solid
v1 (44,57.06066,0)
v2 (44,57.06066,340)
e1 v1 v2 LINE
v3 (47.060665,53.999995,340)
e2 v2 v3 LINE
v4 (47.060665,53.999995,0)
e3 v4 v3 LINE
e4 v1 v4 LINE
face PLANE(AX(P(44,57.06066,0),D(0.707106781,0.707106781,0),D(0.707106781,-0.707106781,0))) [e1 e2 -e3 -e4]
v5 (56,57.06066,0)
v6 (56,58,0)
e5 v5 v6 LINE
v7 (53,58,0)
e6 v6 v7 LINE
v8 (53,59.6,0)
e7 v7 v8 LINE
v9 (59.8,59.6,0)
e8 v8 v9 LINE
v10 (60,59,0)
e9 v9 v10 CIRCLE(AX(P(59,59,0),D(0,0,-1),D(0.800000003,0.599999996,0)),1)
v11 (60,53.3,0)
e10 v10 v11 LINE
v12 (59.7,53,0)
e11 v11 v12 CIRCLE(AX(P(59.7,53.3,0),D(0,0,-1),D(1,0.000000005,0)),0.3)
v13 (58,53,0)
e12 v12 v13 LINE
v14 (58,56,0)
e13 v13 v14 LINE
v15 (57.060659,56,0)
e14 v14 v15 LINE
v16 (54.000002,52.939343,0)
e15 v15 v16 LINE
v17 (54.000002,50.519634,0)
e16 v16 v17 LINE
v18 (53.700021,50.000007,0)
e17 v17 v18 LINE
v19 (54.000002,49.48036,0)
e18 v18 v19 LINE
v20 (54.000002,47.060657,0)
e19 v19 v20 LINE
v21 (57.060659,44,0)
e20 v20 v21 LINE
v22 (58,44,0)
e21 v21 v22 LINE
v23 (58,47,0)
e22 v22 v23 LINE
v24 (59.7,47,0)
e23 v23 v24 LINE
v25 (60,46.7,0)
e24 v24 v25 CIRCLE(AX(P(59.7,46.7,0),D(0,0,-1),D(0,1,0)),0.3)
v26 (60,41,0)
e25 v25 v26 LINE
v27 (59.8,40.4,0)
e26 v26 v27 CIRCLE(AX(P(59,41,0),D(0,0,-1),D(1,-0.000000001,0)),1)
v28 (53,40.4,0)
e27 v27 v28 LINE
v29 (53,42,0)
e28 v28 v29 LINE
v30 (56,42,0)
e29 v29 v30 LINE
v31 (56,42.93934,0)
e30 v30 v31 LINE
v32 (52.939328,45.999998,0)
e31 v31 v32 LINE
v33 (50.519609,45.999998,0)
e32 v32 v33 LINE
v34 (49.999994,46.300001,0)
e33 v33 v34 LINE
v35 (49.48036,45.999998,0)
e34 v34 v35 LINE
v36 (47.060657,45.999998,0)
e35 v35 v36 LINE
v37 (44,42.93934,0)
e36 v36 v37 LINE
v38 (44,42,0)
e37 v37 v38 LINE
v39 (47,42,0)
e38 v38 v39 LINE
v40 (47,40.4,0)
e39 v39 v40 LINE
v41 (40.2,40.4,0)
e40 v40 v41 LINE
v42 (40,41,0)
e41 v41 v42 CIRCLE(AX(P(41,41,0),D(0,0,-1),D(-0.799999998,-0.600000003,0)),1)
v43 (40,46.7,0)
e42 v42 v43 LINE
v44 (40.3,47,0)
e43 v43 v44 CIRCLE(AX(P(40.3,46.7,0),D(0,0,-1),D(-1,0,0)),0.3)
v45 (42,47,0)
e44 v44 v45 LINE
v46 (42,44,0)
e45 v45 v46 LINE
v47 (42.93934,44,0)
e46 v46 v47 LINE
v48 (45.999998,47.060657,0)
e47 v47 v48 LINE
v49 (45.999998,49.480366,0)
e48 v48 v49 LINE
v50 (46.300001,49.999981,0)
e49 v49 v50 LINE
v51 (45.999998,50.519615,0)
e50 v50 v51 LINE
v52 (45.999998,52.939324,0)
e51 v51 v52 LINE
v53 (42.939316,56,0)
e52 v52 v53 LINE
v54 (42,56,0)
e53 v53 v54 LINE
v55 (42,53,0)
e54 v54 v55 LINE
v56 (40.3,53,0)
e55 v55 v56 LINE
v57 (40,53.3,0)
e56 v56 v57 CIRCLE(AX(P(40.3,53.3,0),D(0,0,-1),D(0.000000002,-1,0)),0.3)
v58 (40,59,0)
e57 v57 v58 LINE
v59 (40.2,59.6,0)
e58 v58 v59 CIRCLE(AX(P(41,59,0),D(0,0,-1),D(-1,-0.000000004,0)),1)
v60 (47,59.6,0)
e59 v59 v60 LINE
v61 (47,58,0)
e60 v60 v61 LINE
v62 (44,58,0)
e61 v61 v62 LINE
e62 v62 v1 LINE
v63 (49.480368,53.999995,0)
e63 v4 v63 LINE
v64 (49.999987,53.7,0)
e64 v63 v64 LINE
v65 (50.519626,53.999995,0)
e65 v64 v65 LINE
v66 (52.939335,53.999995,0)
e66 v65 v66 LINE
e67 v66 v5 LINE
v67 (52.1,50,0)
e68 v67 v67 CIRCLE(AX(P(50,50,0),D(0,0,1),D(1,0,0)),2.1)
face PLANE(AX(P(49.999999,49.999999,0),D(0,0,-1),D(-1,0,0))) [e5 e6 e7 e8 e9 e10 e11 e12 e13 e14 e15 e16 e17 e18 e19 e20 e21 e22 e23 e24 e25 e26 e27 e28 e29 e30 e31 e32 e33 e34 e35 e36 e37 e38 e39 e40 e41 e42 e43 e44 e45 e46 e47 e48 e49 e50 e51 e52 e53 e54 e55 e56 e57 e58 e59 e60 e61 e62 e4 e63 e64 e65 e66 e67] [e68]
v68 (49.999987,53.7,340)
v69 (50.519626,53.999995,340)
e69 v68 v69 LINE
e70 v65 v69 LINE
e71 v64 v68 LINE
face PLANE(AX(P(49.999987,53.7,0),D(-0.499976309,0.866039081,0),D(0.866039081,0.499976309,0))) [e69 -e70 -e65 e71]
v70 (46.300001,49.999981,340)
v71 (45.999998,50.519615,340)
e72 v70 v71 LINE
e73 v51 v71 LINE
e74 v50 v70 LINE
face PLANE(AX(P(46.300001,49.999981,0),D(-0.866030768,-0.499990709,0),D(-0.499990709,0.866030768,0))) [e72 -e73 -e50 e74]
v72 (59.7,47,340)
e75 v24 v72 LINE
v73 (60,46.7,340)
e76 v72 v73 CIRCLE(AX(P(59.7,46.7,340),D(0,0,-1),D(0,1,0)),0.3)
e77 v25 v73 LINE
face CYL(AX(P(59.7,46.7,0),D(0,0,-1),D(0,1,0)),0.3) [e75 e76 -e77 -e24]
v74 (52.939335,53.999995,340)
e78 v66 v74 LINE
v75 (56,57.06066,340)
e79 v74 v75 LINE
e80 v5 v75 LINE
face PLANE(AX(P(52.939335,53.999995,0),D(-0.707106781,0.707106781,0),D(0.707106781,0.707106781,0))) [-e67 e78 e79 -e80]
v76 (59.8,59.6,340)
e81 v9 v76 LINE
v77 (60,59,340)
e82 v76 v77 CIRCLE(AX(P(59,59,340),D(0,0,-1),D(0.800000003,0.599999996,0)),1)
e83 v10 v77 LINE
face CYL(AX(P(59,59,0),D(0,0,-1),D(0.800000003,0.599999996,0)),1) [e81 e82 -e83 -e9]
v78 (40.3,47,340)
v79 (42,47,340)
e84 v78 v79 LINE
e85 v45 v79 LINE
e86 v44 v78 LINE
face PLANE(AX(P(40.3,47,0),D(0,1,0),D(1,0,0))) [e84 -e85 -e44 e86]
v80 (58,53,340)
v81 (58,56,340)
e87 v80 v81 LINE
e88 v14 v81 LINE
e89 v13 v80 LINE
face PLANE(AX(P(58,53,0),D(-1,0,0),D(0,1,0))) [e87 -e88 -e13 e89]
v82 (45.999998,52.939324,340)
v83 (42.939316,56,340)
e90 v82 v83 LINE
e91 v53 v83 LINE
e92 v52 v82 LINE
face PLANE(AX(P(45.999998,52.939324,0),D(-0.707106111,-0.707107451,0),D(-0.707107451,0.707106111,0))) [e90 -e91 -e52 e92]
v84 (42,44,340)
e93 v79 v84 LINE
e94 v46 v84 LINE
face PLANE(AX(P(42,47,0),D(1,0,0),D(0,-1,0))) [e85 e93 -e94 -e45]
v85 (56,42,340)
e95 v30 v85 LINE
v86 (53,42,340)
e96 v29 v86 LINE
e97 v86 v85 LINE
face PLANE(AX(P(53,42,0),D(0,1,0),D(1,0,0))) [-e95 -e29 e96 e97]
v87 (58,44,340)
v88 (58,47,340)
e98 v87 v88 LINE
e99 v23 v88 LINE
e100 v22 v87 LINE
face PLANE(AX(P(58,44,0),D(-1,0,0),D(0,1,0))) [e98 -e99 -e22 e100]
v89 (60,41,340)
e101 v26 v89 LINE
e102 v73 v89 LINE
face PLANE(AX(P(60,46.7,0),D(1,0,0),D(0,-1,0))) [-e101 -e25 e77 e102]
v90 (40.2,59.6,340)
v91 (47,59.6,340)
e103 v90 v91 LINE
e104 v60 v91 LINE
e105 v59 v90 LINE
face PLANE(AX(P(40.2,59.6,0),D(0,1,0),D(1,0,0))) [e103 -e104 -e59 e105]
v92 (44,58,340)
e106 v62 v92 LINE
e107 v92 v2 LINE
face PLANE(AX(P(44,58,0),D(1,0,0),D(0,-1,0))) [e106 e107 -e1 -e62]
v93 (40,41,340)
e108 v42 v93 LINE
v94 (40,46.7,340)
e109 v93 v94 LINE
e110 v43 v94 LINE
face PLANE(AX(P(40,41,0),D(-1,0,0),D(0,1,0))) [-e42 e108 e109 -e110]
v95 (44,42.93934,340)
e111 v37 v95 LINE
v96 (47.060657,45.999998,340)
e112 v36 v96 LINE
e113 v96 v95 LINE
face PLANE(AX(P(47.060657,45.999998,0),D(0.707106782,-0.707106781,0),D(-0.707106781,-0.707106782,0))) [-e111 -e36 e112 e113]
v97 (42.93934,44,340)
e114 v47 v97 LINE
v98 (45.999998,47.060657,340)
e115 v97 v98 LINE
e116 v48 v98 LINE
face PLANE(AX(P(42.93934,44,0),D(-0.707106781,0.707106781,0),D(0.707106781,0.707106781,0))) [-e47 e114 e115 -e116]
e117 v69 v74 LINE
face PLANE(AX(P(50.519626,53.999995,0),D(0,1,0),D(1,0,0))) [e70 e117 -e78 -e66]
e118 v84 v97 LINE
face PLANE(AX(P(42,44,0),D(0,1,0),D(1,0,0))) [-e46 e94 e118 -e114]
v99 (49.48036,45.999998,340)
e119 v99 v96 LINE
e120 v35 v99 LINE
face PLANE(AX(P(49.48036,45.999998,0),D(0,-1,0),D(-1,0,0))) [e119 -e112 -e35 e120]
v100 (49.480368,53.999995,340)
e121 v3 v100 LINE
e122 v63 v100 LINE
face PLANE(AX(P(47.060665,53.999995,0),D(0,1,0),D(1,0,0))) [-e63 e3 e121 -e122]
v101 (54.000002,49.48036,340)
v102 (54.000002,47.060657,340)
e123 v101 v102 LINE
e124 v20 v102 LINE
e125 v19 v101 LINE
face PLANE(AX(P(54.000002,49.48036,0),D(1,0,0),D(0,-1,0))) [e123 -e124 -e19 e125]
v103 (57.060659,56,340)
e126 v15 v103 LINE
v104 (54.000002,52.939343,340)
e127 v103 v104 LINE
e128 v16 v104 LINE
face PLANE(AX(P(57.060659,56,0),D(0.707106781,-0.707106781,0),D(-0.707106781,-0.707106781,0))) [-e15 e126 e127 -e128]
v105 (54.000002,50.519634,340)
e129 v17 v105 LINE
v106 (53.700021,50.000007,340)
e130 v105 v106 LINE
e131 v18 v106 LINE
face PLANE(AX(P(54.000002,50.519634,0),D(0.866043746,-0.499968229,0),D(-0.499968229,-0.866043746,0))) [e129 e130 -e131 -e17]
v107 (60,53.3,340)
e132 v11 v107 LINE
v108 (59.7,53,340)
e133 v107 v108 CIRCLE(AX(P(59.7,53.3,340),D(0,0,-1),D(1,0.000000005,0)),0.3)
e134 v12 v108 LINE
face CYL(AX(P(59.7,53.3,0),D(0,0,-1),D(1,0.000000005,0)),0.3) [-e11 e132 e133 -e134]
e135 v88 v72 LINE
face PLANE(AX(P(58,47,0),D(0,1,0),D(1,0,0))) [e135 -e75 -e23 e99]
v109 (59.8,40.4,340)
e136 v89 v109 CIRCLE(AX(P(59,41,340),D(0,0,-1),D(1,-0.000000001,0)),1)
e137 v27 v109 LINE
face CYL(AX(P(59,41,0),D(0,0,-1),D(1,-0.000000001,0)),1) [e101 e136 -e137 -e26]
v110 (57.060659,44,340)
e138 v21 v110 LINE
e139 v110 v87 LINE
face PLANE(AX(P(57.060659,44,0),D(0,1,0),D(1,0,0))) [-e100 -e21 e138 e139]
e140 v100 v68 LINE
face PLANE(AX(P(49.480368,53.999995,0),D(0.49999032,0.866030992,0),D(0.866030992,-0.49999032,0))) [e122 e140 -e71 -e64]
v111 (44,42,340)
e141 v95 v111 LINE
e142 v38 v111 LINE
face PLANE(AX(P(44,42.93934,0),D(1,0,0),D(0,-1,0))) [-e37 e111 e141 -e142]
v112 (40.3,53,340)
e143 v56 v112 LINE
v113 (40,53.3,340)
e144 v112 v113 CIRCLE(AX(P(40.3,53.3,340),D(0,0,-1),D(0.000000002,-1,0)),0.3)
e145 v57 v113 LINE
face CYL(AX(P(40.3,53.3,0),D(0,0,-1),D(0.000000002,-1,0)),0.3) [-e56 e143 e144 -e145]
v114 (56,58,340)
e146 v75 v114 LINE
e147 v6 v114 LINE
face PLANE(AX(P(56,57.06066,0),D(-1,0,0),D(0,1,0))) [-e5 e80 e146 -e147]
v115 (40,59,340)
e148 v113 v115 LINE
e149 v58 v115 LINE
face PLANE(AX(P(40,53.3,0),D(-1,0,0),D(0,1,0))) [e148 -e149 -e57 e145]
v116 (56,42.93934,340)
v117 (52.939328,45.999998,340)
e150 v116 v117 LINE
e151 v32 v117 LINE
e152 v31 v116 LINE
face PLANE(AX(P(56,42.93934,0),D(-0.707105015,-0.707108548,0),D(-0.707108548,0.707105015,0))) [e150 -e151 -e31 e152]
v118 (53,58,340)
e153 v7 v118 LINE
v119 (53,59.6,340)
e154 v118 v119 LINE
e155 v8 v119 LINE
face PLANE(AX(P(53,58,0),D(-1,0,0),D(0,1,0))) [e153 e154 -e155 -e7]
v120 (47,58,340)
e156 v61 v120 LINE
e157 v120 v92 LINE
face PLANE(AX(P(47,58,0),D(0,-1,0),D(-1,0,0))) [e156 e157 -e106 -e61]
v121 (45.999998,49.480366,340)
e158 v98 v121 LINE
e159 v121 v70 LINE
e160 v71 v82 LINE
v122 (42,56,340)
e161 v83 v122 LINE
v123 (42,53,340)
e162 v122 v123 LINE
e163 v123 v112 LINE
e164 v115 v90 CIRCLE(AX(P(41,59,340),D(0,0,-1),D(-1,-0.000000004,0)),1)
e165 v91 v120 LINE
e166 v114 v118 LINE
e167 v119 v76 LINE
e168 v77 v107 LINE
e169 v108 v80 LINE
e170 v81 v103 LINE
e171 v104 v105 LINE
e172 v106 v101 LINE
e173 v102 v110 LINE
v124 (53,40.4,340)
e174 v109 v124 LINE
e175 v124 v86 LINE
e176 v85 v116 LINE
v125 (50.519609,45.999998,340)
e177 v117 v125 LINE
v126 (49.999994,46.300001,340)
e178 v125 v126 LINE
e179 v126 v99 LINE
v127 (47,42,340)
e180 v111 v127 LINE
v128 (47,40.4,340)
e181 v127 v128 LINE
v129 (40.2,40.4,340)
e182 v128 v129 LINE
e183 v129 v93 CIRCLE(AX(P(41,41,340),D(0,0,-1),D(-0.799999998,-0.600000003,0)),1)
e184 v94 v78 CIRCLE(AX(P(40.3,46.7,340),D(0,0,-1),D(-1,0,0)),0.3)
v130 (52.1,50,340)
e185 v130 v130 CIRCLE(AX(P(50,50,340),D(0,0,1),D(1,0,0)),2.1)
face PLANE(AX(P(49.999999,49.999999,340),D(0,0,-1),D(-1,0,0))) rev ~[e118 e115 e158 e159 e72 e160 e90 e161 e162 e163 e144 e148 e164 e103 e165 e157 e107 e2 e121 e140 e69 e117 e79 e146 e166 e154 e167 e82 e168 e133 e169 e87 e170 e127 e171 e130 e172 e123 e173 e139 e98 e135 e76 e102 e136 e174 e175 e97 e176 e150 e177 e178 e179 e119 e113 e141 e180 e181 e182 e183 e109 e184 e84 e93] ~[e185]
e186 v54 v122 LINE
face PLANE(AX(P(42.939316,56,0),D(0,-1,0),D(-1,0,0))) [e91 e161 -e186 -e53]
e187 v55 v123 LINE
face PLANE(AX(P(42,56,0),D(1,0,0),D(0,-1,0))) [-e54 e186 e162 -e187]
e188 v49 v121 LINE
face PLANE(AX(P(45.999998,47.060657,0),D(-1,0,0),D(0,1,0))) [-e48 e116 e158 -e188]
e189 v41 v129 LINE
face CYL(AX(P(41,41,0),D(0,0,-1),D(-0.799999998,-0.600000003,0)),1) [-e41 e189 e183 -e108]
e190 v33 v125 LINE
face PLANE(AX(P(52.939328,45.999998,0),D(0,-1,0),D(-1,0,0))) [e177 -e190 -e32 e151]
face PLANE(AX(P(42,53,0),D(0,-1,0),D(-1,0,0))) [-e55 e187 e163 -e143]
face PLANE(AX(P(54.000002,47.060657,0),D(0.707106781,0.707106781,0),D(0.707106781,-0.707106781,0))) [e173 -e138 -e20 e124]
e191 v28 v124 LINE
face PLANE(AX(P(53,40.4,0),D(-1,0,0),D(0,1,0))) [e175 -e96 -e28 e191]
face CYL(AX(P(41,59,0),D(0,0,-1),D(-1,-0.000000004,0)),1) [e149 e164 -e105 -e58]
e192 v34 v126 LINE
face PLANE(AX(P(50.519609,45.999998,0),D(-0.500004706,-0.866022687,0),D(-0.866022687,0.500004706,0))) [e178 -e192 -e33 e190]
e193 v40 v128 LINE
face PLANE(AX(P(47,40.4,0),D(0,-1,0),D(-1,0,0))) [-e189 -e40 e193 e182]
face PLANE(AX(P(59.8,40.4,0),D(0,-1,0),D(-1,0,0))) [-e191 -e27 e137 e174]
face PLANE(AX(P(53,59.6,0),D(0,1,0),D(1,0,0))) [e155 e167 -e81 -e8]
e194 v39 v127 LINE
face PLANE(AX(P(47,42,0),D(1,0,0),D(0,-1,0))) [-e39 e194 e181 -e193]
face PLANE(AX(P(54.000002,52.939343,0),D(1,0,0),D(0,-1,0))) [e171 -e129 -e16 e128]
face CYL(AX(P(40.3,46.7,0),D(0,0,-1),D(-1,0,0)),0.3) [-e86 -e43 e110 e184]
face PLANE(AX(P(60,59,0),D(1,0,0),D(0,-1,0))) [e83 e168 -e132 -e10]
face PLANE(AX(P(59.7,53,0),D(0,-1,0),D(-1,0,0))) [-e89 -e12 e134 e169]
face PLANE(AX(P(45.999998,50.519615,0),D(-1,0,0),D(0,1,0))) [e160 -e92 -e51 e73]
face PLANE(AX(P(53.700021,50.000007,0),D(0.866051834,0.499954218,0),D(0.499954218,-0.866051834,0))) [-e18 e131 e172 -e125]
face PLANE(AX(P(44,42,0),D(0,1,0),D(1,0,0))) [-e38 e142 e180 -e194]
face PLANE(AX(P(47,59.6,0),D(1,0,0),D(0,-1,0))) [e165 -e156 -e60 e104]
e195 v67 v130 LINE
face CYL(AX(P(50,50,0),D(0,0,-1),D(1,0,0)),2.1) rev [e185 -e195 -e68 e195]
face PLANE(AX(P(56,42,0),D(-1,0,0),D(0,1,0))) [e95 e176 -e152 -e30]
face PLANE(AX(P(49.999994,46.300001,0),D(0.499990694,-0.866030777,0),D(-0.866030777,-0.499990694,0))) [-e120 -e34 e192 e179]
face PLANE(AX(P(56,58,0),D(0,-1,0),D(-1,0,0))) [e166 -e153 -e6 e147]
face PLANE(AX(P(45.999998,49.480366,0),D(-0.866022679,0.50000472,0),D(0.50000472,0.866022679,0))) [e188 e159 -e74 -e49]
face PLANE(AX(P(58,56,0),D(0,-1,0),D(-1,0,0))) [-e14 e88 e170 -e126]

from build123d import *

# Parameters (mm, degrees)
SKETCH_3_R      = 2.0999999
EXTRUDE_1_DEPTH = 340


with BuildPart() as part:
    # 草图3 → 凸台-拉伸1 (new body)
    with BuildSketch(Plane.XY):
        with BuildLine():
            Line((57.060659494, 56.000000011), (54.000002413, 52.939342929))
            Line((54.000002413, 52.939342929), (54.000002413, 50.519633796))
            Line((54.000002413, 50.519633796), (53.700020897, 50.000006546))
            Line((53.700020897, 50.000006546), (54.000002413, 49.480359881))
            Line((54.000002413, 49.480359881), (54.000002413, 47.060657071))
            Line((54.000002413, 47.060657071), (57.060659494, 43.999999989))
            Line((57.060659494, 43.999999989), (57.999999993, 43.999999989))
            Line((57.999999993, 43.999999989), (57.999999993, 46.999999994))
            Line((57.999999993, 46.999999994), (59.699999997, 46.999999994))
            ThreePointArc((59.699999997, 46.999999994), (59.912132029, 46.912132029), (59.999999993, 46.699999998))
            Line((59.999999993, 46.699999998), (59.999999993, 41))
            ThreePointArc((59.999999993, 41), (59.948683291, 40.683772234), (59.799999994, 40.400000001))
            Line((59.799999994, 40.400000001), (52.999999994, 40.400000001))
            Line((52.999999994, 40.400000001), (52.999999994, 42))
            Line((52.999999994, 42), (55.999999999, 42))
            Line((55.999999999, 42), (55.999999999, 42.939340499))
            Line((55.999999999, 42.939340499), (52.939327623, 45.999997582))
            Line((52.939327623, 45.999997582), (50.519608524, 45.999997582))
            Line((50.519608524, 45.999997582), (49.99999391, 46.300000984))
            Line((49.99999391, 46.300000984), (49.48035988, 45.999997582))
            Line((49.48035988, 45.999997582), (47.06065707, 45.999997582))
            Line((47.06065707, 45.999997582), (43.99999999, 42.939340499))
            Line((43.99999999, 42.939340499), (43.99999999, 42))
            Line((43.99999999, 42), (46.999999994, 42))
            Line((46.999999994, 42), (46.999999994, 40.400000001))
            Line((46.999999994, 40.400000001), (40.199999995, 40.400000001))
            ThreePointArc((40.199999995, 40.400000001), (40.051316697, 40.683772234), (39.999999996, 41))
            Line((39.999999996, 41), (39.999999996, 46.699999998))
            ThreePointArc((39.999999996, 46.699999998), (40.08786796, 46.912132029), (40.299999991, 46.999999994))
            Line((40.299999991, 46.999999994), (41.999999996, 46.999999994))
            Line((41.999999996, 46.999999994), (41.999999996, 43.999999989))
            Line((41.999999996, 43.999999989), (42.939340495, 43.999999989))
            Line((42.939340495, 43.999999989), (45.999997575, 47.060657071))
            Line((45.999997575, 47.060657071), (45.999997575, 49.480366204))
            Line((45.999997575, 49.480366204), (46.300000986, 49.999980814))
            Line((46.300000986, 49.999980814), (45.999997575, 50.519614839))
            Line((45.999997575, 50.519614839), (45.999997575, 52.939323971))
            Line((45.999997575, 52.939323971), (42.939315735, 56.000000011))
            Line((42.939315735, 56.000000011), (41.999999996, 56.000000011))
            Line((41.999999996, 56.000000011), (41.999999996, 53.000000007))
            Line((41.999999996, 53.000000007), (40.299999991, 53.000000007))
            ThreePointArc((40.299999991, 53.000000007), (40.08786796, 53.087867971), (39.999999996, 53.300000003))
            Line((39.999999996, 53.300000003), (39.999999996, 59))
            ThreePointArc((39.999999996, 59), (40.051316697, 59.316227766), (40.199999995, 59.6))
            Line((40.199999995, 59.6), (46.999999994, 59.6))
            Line((46.999999994, 59.6), (46.999999994, 58))
            Line((46.999999994, 58), (43.99999999, 58))
            Line((43.99999999, 58), (43.99999999, 57.060659501))
            Line((43.99999999, 57.060659501), (47.060664718, 53.999994771))
            Line((47.060664718, 53.999994771), (49.480367527, 53.999994771))
            Line((49.480367527, 53.999994771), (49.999987125, 53.7))
            Line((49.999987125, 53.7), (50.519626138, 53.999994771))
            Line((50.519626138, 53.999994771), (52.939335271, 53.999994771))
            Line((52.939335271, 53.999994771), (55.999999999, 57.060659501))
            Line((55.999999999, 57.060659501), (55.999999999, 58))
            Line((55.999999999, 58), (52.999999994, 58))
            Line((52.999999994, 58), (52.999999994, 59.6))
            Line((52.999999994, 59.6), (59.799999994, 59.6))
            ThreePointArc((59.799999994, 59.6), (59.948683291, 59.316227766), (59.999999993, 59))
            Line((59.999999993, 59), (59.999999993, 53.300000003))
            ThreePointArc((59.999999993, 53.300000003), (59.912132029, 53.087867971), (59.699999997, 53.000000007))
            Line((59.699999997, 53.000000007), (57.999999993, 53.000000007))
            Line((57.999999993, 53.000000007), (57.999999993, 56.000000011))
            Line((57.999999993, 56.000000011), (57.060659494, 56.000000011))
        make_face()
        with Locations((50, 50)):
            Circle(SKETCH_3_R, mode=Mode.SUBTRACT)
    extrude(amount=EXTRUDE_1_DEPTH)


solid = part.part
